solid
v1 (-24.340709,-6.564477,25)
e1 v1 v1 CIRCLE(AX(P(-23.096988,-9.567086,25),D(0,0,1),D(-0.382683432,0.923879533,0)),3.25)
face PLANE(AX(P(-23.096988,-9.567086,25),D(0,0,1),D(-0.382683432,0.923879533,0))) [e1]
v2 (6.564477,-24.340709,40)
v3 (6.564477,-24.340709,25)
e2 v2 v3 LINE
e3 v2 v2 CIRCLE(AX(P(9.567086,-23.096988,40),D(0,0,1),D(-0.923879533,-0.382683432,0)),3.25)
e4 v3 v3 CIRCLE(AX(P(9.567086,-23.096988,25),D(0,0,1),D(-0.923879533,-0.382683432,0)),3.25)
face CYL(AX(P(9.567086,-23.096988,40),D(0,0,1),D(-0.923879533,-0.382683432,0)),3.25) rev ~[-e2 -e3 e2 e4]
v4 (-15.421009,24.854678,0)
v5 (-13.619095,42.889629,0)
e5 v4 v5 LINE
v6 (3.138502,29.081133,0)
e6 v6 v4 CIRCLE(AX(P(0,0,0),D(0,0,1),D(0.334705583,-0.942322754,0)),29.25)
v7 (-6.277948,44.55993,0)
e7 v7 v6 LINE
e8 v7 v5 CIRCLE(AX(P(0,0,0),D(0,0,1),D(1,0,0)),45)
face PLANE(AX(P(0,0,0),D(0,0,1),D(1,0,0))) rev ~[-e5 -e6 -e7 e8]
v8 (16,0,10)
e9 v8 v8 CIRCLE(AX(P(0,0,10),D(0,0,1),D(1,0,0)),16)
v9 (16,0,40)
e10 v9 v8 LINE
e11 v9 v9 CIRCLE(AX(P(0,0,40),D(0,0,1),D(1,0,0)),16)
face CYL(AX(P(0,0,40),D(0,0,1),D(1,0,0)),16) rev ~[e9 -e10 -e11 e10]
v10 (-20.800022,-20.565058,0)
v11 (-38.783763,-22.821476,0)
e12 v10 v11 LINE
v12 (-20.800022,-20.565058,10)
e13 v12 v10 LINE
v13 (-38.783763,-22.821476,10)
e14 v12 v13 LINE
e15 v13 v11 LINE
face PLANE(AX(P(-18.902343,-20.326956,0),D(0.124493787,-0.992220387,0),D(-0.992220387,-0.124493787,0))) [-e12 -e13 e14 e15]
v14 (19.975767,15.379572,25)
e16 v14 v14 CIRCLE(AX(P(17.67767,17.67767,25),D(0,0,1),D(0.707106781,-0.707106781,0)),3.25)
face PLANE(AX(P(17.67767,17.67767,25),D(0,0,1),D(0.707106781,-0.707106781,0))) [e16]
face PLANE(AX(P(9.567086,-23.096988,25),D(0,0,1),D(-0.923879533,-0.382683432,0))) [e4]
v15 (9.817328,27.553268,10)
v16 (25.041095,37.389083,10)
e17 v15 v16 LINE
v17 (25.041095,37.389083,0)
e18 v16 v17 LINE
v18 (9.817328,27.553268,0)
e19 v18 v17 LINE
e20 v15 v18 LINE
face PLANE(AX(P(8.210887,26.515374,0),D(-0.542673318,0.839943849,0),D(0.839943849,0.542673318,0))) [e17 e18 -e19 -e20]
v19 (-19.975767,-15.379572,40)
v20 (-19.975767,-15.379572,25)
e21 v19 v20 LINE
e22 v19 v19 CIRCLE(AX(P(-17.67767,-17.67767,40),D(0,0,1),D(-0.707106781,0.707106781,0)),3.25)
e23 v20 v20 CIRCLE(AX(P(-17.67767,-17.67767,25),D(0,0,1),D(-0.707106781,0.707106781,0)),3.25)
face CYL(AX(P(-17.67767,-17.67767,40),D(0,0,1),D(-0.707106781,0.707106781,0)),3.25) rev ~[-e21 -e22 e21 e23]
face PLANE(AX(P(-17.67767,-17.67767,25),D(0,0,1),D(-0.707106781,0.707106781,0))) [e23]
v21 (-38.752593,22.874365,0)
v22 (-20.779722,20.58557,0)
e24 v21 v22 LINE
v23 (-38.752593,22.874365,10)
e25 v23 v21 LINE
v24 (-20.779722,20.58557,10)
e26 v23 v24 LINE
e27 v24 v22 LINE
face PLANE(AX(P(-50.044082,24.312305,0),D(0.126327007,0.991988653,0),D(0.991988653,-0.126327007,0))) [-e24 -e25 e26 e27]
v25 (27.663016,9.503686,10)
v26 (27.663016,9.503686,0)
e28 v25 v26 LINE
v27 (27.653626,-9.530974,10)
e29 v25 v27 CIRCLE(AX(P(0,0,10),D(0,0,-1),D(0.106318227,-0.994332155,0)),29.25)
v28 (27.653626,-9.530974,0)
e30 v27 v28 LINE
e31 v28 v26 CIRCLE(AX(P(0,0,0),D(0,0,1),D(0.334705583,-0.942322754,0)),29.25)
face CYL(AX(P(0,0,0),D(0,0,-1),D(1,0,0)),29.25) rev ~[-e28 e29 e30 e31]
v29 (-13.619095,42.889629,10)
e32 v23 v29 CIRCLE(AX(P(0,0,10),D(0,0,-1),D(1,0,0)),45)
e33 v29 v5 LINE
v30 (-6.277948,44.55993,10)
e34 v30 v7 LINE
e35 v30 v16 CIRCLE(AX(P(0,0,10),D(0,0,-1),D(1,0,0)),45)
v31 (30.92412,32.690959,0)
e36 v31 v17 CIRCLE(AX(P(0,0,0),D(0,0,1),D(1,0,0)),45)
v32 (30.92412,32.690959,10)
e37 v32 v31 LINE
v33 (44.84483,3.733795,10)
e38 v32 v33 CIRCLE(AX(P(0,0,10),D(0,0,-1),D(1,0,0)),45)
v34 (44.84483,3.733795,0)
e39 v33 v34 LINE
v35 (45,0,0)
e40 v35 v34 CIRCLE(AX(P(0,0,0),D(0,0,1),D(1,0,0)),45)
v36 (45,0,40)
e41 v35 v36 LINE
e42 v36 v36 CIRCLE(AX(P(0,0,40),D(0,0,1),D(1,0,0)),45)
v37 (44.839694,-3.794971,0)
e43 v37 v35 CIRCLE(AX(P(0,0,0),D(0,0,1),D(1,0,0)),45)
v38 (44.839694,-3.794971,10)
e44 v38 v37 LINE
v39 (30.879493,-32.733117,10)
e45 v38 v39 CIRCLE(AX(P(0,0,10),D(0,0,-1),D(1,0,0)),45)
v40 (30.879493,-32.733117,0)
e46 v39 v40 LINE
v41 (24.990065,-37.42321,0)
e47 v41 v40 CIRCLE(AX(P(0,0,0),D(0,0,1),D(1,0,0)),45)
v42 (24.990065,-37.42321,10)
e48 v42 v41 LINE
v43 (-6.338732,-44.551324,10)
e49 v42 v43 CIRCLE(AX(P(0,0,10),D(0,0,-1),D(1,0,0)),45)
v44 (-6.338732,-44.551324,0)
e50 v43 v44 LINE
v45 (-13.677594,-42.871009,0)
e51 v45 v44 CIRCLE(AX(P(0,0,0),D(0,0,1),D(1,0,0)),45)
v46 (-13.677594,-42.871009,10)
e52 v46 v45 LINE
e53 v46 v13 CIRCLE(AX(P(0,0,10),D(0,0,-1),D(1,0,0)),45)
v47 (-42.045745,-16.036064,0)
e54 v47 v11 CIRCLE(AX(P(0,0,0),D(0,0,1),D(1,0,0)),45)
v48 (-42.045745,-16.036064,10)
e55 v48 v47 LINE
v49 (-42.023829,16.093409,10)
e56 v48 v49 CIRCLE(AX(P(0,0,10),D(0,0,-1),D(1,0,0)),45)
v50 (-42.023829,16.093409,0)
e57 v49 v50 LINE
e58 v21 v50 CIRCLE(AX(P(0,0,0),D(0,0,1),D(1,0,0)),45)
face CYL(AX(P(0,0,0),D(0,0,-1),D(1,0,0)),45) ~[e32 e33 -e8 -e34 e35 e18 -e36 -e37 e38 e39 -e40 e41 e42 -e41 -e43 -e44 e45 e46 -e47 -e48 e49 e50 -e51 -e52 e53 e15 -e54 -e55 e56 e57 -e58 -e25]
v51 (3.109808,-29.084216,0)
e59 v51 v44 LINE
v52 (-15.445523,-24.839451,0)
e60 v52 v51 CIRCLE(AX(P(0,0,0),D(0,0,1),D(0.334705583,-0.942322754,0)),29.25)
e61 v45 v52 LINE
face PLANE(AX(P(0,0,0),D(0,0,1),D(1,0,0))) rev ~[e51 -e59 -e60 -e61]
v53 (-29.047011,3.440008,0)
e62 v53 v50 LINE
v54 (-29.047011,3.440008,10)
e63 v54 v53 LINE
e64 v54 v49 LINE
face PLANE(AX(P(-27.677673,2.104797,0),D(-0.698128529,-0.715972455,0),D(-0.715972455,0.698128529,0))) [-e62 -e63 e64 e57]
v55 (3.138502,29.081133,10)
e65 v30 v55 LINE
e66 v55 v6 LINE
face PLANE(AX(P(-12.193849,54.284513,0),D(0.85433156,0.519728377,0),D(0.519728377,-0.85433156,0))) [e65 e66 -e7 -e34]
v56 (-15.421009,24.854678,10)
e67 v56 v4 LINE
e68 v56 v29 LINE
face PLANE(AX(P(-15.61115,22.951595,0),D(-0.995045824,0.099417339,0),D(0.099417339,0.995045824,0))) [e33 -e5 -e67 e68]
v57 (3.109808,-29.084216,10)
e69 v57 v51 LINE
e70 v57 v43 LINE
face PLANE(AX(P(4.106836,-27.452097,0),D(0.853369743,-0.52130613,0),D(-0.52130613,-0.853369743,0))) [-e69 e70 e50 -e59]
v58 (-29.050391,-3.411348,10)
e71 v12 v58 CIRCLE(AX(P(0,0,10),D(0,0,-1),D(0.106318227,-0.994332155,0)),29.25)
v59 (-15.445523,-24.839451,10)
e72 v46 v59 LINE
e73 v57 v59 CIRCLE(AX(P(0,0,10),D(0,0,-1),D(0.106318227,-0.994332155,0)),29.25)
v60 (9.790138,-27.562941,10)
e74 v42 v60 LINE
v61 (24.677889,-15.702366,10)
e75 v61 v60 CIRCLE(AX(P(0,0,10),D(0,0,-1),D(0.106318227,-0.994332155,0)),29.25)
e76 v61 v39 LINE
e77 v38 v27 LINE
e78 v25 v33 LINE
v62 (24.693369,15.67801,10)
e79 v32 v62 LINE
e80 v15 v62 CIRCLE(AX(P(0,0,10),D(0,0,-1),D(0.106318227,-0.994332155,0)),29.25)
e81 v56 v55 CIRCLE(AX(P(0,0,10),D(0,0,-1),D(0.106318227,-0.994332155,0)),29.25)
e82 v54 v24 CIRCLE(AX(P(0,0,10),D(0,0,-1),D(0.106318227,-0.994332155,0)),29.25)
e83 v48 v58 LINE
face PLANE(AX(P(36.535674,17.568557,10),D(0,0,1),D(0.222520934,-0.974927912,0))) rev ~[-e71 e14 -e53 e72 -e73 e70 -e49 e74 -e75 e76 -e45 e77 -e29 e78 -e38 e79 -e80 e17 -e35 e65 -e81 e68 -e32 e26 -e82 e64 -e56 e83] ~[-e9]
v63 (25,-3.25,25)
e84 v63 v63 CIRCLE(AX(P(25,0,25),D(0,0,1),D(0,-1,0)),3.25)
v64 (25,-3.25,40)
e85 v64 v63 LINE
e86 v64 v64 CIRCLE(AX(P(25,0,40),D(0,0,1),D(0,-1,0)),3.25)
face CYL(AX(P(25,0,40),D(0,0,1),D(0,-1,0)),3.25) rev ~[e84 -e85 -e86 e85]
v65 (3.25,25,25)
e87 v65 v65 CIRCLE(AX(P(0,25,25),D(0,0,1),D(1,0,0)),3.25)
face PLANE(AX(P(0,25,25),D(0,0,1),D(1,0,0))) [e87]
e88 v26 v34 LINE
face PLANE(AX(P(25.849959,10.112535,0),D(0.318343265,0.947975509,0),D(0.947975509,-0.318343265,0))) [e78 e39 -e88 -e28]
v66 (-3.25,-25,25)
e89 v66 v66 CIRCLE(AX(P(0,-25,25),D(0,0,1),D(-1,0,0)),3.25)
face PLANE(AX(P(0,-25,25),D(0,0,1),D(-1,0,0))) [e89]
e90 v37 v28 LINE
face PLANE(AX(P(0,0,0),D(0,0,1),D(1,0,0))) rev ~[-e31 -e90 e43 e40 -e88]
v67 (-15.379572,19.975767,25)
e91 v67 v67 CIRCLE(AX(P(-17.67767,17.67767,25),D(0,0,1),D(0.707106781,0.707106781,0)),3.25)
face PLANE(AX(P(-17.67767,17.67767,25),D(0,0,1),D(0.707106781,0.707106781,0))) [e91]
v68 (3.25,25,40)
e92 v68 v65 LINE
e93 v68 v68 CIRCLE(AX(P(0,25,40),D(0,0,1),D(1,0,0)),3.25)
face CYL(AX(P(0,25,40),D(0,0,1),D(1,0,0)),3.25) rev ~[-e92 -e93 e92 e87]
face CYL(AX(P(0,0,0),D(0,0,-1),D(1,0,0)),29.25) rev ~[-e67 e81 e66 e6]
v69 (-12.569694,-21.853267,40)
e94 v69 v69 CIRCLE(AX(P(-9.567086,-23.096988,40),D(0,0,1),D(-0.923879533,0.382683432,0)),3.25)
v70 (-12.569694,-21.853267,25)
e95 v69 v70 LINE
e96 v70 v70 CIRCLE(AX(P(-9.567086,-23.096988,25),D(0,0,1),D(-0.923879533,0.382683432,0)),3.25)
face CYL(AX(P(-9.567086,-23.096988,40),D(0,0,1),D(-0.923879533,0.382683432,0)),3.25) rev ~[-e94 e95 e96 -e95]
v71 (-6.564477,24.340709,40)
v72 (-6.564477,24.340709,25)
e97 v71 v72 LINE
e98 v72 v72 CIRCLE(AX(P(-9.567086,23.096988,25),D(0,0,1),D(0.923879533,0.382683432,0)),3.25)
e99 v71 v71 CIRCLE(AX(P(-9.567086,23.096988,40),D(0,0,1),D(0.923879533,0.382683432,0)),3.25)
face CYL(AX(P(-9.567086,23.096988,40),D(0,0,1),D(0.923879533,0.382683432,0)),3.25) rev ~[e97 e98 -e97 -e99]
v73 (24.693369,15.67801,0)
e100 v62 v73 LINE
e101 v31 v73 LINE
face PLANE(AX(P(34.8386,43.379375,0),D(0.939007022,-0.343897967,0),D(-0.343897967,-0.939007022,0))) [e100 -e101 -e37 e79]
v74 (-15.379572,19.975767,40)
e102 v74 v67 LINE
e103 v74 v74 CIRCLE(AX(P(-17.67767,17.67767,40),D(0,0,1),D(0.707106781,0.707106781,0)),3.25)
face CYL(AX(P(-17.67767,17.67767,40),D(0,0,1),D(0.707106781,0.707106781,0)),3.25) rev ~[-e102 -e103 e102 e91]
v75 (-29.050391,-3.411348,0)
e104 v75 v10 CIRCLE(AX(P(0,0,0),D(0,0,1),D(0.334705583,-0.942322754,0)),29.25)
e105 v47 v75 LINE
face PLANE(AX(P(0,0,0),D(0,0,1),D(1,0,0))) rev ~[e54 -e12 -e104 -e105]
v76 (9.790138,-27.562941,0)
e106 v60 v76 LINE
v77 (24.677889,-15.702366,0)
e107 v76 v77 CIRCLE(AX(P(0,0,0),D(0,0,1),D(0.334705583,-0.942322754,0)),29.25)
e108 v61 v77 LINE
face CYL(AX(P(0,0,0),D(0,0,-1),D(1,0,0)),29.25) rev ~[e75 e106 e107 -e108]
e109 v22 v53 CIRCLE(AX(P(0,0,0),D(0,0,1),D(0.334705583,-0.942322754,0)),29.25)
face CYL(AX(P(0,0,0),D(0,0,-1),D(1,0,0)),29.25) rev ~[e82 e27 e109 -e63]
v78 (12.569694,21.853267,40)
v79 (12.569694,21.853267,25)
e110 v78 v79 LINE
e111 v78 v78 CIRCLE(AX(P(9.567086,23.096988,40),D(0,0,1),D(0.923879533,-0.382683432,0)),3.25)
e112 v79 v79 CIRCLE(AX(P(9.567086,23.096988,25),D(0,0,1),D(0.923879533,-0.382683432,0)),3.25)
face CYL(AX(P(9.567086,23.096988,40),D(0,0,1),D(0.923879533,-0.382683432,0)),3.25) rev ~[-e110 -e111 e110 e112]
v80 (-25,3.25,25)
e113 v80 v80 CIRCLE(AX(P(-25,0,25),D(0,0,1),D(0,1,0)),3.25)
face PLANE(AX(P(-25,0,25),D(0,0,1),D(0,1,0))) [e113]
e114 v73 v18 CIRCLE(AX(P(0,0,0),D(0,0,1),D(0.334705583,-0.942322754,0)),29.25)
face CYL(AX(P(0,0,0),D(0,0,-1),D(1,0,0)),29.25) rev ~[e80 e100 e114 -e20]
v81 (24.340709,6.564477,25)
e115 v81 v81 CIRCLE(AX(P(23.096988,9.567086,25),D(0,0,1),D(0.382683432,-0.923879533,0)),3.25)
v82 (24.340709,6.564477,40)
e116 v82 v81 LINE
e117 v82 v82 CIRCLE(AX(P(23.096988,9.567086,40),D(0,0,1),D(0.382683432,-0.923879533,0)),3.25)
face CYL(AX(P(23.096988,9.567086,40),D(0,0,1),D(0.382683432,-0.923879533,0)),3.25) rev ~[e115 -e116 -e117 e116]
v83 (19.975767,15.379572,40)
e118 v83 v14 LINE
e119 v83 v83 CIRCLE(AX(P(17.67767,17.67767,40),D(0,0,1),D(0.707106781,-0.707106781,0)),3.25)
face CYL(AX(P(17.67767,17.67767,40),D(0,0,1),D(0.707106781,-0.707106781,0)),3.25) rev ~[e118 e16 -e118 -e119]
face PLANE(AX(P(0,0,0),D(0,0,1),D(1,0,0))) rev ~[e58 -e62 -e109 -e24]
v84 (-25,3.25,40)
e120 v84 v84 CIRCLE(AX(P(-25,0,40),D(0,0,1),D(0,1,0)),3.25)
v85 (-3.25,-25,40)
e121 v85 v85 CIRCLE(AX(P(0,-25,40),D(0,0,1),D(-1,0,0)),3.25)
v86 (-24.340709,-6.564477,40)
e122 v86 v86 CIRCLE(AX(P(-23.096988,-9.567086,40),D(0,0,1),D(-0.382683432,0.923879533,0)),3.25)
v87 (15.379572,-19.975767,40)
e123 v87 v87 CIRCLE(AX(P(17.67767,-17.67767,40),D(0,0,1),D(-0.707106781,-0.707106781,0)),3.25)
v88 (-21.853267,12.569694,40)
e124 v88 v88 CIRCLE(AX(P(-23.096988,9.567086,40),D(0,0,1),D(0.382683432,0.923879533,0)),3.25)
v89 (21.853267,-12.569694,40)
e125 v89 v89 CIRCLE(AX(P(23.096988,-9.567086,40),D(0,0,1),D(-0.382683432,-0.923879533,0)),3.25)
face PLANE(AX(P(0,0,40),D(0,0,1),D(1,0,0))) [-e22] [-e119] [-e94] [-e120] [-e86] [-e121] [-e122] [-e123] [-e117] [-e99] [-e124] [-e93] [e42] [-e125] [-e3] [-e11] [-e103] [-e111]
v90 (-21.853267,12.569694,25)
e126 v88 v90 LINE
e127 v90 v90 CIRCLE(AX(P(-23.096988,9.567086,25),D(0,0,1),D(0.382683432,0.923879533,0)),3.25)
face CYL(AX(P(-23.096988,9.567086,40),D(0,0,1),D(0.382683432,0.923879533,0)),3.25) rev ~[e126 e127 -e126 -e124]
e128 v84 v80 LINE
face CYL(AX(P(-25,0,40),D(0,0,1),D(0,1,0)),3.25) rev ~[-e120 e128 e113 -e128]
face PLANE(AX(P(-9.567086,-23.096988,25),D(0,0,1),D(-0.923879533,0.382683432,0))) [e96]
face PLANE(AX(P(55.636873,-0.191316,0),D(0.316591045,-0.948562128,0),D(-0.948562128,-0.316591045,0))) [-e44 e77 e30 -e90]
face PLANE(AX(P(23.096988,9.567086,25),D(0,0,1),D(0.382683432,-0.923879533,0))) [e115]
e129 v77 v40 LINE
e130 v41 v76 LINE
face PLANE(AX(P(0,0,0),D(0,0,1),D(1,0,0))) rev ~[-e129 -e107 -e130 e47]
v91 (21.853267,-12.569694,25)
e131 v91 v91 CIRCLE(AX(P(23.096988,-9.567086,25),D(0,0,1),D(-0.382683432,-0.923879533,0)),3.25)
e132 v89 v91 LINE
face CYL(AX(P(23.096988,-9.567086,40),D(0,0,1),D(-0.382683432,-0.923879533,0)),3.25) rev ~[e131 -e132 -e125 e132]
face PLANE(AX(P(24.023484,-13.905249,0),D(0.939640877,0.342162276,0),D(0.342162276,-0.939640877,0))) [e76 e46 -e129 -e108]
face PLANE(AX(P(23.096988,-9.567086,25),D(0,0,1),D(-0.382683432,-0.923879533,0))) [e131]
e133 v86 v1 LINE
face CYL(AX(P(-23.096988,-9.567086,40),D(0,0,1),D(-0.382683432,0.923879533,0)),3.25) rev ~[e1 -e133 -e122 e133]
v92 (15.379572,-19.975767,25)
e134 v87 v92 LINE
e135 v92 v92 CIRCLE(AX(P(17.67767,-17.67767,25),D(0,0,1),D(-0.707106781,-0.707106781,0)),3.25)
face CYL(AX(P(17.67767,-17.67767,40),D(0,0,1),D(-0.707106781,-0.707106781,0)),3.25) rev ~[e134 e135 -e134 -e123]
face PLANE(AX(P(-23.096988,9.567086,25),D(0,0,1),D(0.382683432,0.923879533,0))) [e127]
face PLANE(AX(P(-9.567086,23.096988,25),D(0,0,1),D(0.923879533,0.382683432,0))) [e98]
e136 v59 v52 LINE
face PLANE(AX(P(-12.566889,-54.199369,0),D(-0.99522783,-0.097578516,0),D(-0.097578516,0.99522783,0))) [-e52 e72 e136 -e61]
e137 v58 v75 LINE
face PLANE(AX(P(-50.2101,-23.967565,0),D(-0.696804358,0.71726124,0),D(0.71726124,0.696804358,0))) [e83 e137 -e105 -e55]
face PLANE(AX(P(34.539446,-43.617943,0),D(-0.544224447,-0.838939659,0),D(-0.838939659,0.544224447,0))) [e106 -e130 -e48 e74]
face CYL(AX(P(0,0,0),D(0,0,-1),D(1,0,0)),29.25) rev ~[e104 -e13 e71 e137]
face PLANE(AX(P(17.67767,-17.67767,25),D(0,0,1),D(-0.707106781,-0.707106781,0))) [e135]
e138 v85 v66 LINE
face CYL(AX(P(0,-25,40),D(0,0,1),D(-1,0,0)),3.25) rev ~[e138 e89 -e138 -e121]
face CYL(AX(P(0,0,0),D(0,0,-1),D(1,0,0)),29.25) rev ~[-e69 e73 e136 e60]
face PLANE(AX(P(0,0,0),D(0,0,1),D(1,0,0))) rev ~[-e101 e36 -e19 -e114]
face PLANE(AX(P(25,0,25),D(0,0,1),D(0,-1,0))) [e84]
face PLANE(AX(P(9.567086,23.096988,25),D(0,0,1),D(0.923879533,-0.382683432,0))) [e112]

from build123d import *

# Parameters (mm, degrees)
SKETCH_R              = 45
PAD_DEPTH             = 40
SKETCH001_R           = 12
POCKET_DEPTH          = 40.001
SKETCH002_R           = 29.25
POCKET001_DEPTH       = 10
SKETCH003_R           = 3.25
POCKET002_DEPTH       = 15
POLARPATTERN_COUNT    = 16
SKETCH004_R           = 16
POCKET003_DEPTH       = 40.001
POCKET004_DEPTH       = 10
POLARPATTERN001_COUNT = 7


with BuildPart() as part:
    # Sketch → Pad (new body)
    with BuildSketch(Plane.XY):
        Circle(SKETCH_R)
    extrude(amount=PAD_DEPTH)

    # Sketch001 → Pocket (cut, through all)
    with BuildSketch(Plane(origin=(0, 0, 0), x_dir=(1, 0, 0), z_dir=(0, 0, -1))):
        Circle(SKETCH001_R)
    extrude(amount=-POCKET_DEPTH, mode=Mode.SUBTRACT)

    # Sketch002 → Pocket001 (cut)
    with BuildSketch(Plane(origin=(0, 0, 0), x_dir=(1, 0, 0), z_dir=(0, 0, -1))):
        Circle(SKETCH002_R)
    extrude(amount=-POCKET001_DEPTH, mode=Mode.SUBTRACT)

    # Sketch003 → Pocket002 (cut)
    with BuildSketch(Plane.XY.offset(40)):
        with Locations((0, 25)):
            Circle(SKETCH003_R)
    pocket002 = extrude(amount=-POCKET002_DEPTH, mode=Mode.SUBTRACT)

    # PolarPattern: Pocket002 ×16 about axis
    polarpattern_axis = Axis((0, 0, 40), (0, 0, 1))
    for i in range(1, POLARPATTERN_COUNT):
        add(pocket002.rotate(polarpattern_axis, i * 360 / POLARPATTERN_COUNT), mode=Mode.SUBTRACT)

    # Sketch004 → Pocket003 (cut, through all)
    with BuildSketch(Plane.XY.offset(40)):
        Circle(SKETCH004_R)
    extrude(amount=-POCKET003_DEPTH, mode=Mode.SUBTRACT)

    # Sketch005 → Pocket004 (cut)
    with BuildSketch(Plane(origin=(0, 0, 0), x_dir=(1, 0, 0), z_dir=(0, 0, -1))):
        Polygon((-12.266942, 54.255708), (34.539446, 43.617943), (8.189071, 26.52432), (11.054546, 21.833583), (-0.504584, 24.460645), (4.106836, 27.452097), align=None)
    pocket004 = extrude(amount=-POCKET004_DEPTH, mode=Mode.SUBTRACT)

    # PolarPattern001: Pocket004 ×7 about axis
    polarpattern001_axis = Axis((0, 0, 0), (0, 0, -1))
    for i in range(1, POLARPATTERN001_COUNT):
        add(pocket004.rotate(polarpattern001_axis, i * 360 / POLARPATTERN001_COUNT), mode=Mode.SUBTRACT)


solid = part.part
